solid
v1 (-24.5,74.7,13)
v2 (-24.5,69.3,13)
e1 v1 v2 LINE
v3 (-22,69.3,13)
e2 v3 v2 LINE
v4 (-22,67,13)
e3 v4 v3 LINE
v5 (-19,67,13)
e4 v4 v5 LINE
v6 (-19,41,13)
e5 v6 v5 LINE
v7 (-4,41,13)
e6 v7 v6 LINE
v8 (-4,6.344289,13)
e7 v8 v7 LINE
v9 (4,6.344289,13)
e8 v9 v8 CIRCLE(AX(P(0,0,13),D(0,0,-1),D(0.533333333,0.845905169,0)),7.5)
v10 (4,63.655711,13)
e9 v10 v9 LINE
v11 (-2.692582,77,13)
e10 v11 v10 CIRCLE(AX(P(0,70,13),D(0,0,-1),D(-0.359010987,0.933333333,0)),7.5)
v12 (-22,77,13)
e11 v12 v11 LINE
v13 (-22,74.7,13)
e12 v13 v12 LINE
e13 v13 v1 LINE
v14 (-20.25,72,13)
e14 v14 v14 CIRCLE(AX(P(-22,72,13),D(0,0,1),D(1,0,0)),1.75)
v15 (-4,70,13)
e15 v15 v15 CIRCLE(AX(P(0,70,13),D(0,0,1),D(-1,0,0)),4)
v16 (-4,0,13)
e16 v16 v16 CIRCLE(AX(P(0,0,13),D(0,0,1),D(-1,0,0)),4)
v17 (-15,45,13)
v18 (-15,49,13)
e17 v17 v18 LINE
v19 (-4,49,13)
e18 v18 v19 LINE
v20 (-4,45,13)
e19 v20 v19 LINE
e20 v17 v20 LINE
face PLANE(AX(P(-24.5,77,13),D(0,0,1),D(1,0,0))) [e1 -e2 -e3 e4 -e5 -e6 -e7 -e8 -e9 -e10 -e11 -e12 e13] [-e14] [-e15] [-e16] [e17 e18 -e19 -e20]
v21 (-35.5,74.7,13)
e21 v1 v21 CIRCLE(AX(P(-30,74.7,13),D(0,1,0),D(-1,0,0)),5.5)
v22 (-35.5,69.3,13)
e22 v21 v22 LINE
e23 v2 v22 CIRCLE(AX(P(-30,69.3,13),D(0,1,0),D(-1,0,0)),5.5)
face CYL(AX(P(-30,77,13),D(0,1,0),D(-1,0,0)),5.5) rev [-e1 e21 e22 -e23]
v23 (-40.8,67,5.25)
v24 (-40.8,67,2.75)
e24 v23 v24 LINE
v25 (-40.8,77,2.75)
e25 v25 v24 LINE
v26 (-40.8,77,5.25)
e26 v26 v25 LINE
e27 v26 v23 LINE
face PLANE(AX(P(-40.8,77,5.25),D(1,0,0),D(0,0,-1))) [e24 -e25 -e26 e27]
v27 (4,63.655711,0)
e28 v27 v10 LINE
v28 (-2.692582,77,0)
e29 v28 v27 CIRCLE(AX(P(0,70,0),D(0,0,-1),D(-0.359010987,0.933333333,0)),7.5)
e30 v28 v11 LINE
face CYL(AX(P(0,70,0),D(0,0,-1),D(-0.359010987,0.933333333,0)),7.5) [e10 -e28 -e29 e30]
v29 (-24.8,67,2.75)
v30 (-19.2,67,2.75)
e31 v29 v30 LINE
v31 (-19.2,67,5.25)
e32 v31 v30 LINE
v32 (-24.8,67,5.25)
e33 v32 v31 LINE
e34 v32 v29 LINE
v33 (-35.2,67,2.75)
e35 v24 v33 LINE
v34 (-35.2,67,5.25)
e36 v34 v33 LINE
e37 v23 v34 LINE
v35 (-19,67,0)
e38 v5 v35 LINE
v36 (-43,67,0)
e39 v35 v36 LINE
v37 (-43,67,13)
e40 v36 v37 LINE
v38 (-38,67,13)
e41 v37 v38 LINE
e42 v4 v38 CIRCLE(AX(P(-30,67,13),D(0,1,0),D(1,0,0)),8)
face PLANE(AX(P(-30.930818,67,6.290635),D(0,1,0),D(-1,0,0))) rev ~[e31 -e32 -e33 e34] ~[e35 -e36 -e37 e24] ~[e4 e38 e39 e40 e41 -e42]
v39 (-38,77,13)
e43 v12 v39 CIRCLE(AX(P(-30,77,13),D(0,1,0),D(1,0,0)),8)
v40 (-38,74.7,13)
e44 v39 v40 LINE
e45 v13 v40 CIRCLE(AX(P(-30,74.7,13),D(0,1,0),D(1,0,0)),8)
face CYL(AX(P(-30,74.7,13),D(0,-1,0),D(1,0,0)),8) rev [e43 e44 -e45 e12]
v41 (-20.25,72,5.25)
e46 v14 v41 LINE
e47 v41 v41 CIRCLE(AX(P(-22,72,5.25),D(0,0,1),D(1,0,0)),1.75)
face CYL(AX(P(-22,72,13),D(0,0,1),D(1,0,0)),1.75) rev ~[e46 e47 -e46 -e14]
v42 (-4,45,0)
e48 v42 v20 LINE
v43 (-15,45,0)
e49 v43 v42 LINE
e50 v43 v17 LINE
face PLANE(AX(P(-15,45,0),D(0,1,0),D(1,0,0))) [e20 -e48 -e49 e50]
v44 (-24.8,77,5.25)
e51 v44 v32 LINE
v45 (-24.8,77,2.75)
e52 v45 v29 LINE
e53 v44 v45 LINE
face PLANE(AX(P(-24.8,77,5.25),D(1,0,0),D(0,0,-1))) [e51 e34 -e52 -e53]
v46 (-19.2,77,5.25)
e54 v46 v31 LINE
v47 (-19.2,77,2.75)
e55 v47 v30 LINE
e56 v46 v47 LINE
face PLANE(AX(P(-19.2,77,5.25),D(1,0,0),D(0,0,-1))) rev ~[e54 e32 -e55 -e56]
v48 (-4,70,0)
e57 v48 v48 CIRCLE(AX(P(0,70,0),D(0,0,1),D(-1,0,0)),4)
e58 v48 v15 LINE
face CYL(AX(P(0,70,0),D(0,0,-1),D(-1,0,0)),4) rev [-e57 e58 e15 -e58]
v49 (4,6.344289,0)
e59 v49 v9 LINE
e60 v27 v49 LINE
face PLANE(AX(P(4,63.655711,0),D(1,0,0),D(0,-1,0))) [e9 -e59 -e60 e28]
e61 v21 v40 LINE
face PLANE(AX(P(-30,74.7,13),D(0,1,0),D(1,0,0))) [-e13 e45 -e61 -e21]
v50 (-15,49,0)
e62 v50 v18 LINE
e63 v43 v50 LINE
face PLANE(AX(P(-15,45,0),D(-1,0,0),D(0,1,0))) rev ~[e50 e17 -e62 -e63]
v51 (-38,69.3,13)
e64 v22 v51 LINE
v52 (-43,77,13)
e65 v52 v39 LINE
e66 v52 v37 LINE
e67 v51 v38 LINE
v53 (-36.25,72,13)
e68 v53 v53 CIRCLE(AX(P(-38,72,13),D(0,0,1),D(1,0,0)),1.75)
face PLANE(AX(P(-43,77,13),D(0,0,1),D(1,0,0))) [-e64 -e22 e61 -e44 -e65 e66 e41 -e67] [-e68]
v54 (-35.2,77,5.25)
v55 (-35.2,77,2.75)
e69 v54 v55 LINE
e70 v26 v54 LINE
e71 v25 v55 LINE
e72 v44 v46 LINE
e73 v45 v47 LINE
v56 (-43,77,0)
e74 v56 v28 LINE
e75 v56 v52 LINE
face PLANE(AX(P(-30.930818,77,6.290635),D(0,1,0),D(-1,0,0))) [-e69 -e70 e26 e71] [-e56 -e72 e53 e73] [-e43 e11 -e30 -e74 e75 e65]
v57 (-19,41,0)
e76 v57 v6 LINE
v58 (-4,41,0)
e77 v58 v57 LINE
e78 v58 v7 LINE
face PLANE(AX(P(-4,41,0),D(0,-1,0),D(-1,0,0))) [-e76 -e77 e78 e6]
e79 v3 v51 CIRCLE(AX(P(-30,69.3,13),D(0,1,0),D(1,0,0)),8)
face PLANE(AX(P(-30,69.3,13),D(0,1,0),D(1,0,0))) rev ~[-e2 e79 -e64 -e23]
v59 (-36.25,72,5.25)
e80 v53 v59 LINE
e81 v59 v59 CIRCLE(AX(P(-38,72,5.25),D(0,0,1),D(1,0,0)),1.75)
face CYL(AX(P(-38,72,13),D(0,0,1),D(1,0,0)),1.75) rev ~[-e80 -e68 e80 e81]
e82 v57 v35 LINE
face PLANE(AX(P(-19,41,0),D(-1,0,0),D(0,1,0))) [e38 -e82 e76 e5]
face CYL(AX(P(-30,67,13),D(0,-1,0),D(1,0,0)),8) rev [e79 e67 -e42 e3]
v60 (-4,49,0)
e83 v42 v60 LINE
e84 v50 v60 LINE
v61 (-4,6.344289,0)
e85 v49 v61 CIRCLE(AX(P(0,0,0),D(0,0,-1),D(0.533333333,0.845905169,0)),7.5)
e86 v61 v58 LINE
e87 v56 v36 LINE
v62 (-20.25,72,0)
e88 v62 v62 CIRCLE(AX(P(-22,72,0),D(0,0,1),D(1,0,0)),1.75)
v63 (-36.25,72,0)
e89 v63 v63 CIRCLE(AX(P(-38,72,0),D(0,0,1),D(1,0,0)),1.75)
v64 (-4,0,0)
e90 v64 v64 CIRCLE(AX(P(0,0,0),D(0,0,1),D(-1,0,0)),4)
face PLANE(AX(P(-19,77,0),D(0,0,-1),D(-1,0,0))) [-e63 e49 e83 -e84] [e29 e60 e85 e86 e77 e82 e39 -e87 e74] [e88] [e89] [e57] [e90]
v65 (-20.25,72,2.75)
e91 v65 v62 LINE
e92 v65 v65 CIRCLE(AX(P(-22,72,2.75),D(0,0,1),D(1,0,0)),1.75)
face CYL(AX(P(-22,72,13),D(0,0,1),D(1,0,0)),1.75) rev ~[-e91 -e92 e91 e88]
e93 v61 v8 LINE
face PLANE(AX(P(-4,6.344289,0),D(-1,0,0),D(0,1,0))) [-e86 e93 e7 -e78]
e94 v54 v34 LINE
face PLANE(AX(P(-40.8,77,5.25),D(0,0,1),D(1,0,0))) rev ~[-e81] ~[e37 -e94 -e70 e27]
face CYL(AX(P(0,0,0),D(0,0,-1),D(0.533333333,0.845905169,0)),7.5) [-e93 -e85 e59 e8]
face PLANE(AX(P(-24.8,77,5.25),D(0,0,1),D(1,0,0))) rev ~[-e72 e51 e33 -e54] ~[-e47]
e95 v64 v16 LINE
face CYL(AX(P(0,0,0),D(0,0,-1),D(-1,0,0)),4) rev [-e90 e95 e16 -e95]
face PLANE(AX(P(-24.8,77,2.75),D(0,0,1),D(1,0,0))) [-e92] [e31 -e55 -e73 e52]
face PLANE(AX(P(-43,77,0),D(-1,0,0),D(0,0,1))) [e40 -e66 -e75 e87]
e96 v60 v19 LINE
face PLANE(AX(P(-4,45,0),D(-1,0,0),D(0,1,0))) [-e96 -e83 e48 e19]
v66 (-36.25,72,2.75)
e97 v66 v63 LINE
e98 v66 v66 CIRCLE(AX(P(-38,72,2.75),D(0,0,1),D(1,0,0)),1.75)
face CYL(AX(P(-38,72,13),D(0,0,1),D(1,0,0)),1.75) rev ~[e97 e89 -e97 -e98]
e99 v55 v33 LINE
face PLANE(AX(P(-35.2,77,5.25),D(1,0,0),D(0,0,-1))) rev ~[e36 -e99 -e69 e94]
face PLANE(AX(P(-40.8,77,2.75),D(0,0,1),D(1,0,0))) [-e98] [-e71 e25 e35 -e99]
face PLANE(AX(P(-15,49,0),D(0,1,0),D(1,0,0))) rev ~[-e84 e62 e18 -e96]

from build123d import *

# Parameters (mm, degrees)
ESBO_O1_R                = 4
ESBO_O1_W                = 11
ESBO_O1_H                = 4
RESSALTO_EXTRUS_O1_DEPTH = 13
RESSALTO_EXTRUS_O3_START = -36
RESSALTO_EXTRUS_O3_DEPTH = 10
CORTE_EXTRUS_O2_START    = -10
ESBO_O7_R                = 8
CORTE_EXTRUS_O2_DEPTH    = 2.3
CORTE_EXTRUS_O3_START    = -2.3
ESBO_O7_2_R              = 8
CORTE_EXTRUS_O3_DEPTH    = 2.3
ESBO_O8_W                = 5.6
ESBO_O8_H                = 2.5
CORTE_EXTRUS_O4_DEPTH    = 10
ESBO_O9_R                = 1.75
CORTE_EXTRUS_O5_DEPTH    = 90.578178146


with BuildPart() as part:
    # Esboço1 → Ressalto-extrusão1 (new body)
    with BuildSketch(Plane.XY):
        with BuildLine():
            Line((4, 63.65571123), (4, 6.34428877))
            ThreePointArc((4, 6.34428877), (0, -7.5), (-4, 6.34428877))
            Line((-4, 6.34428877), (-4, 41))
            Line((-4, 41), (-19, 41))
            Line((-19, 41), (-19, 53))
            Line((-19, 53), (-19, 77))
            Line((-19, 77), (-2.692582404, 77))
            ThreePointArc((-2.692582404, 77), (6.704091727, 73.362313803), (4, 63.65571123))
        make_face()
        with Locations((0, 70)):
            Circle(ESBO_O1_R, mode=Mode.SUBTRACT)
        Circle(ESBO_O1_R, mode=Mode.SUBTRACT)
        with Locations((-9.5, 47)):
            Rectangle(ESBO_O1_W, ESBO_O1_H, mode=Mode.SUBTRACT)
    extrude(amount=RESSALTO_EXTRUS_O1_DEPTH)

    # Esboço5 → Ressalto-extrusão3 (add)
    with BuildSketch(Plane.XZ.offset(-41).offset(RESSALTO_EXTRUS_O3_START)):
        with BuildLine():
            Line((-21, 13), (-19, 13))
            Line((-19, 13), (-19, 0))
            Line((-19, 0), (-43, 0))
            Line((-43, 0), (-43, 13))
            Line((-43, 13), (-35.5, 13))
            ThreePointArc((-35.5, 13), (-30, 7.5), (-24.5, 13))
            Line((-24.5, 13), (-21, 13))
        make_face()
    extrude(amount=RESSALTO_EXTRUS_O3_DEPTH)

    # Esboço7 → Corte-extrusão2 (cut)
    with BuildSketch(Plane(origin=(0, 77, 0), x_dir=(1, 0, 0), z_dir=(0, 1, 0)).offset(CORTE_EXTRUS_O2_START)):
        with Locations((-30, -13)):
            Circle(ESBO_O7_R)
    extrude(amount=CORTE_EXTRUS_O2_DEPTH, mode=Mode.SUBTRACT)

    # Esboço7<2> → Corte-extrusão3 (cut)
    with BuildSketch(Plane(origin=(0, 77, 0), x_dir=(1, 0, 0), z_dir=(0, 1, 0)).offset(CORTE_EXTRUS_O3_START)):
        with Locations((-30, -13)):
            Circle(ESBO_O7_2_R)
    extrude(amount=CORTE_EXTRUS_O3_DEPTH, mode=Mode.SUBTRACT)

    # Esboço8 → Corte-extrusão4 (cut)
    with BuildSketch(Plane(origin=(0, 77, 0), x_dir=(1, 0, 0), z_dir=(0, 1, 0))):
        with Locations((-38, -4)):
            Rectangle(ESBO_O8_W, ESBO_O8_H)
        with Locations((-22, -4)):
            Rectangle(ESBO_O8_W, ESBO_O8_H)
    extrude(amount=-CORTE_EXTRUS_O4_DEPTH, mode=Mode.SUBTRACT)

    # Esboço9 → Corte-extrusão5 (cut, through all)
    with BuildSketch(Plane.XY.offset(13)):
        with Locations((-38, 72)):
            Circle(ESBO_O9_R)
        with Locations((-22, 72)):
            Circle(ESBO_O9_R)
    extrude(amount=-CORTE_EXTRUS_O5_DEPTH, mode=Mode.SUBTRACT)


solid = part.part
